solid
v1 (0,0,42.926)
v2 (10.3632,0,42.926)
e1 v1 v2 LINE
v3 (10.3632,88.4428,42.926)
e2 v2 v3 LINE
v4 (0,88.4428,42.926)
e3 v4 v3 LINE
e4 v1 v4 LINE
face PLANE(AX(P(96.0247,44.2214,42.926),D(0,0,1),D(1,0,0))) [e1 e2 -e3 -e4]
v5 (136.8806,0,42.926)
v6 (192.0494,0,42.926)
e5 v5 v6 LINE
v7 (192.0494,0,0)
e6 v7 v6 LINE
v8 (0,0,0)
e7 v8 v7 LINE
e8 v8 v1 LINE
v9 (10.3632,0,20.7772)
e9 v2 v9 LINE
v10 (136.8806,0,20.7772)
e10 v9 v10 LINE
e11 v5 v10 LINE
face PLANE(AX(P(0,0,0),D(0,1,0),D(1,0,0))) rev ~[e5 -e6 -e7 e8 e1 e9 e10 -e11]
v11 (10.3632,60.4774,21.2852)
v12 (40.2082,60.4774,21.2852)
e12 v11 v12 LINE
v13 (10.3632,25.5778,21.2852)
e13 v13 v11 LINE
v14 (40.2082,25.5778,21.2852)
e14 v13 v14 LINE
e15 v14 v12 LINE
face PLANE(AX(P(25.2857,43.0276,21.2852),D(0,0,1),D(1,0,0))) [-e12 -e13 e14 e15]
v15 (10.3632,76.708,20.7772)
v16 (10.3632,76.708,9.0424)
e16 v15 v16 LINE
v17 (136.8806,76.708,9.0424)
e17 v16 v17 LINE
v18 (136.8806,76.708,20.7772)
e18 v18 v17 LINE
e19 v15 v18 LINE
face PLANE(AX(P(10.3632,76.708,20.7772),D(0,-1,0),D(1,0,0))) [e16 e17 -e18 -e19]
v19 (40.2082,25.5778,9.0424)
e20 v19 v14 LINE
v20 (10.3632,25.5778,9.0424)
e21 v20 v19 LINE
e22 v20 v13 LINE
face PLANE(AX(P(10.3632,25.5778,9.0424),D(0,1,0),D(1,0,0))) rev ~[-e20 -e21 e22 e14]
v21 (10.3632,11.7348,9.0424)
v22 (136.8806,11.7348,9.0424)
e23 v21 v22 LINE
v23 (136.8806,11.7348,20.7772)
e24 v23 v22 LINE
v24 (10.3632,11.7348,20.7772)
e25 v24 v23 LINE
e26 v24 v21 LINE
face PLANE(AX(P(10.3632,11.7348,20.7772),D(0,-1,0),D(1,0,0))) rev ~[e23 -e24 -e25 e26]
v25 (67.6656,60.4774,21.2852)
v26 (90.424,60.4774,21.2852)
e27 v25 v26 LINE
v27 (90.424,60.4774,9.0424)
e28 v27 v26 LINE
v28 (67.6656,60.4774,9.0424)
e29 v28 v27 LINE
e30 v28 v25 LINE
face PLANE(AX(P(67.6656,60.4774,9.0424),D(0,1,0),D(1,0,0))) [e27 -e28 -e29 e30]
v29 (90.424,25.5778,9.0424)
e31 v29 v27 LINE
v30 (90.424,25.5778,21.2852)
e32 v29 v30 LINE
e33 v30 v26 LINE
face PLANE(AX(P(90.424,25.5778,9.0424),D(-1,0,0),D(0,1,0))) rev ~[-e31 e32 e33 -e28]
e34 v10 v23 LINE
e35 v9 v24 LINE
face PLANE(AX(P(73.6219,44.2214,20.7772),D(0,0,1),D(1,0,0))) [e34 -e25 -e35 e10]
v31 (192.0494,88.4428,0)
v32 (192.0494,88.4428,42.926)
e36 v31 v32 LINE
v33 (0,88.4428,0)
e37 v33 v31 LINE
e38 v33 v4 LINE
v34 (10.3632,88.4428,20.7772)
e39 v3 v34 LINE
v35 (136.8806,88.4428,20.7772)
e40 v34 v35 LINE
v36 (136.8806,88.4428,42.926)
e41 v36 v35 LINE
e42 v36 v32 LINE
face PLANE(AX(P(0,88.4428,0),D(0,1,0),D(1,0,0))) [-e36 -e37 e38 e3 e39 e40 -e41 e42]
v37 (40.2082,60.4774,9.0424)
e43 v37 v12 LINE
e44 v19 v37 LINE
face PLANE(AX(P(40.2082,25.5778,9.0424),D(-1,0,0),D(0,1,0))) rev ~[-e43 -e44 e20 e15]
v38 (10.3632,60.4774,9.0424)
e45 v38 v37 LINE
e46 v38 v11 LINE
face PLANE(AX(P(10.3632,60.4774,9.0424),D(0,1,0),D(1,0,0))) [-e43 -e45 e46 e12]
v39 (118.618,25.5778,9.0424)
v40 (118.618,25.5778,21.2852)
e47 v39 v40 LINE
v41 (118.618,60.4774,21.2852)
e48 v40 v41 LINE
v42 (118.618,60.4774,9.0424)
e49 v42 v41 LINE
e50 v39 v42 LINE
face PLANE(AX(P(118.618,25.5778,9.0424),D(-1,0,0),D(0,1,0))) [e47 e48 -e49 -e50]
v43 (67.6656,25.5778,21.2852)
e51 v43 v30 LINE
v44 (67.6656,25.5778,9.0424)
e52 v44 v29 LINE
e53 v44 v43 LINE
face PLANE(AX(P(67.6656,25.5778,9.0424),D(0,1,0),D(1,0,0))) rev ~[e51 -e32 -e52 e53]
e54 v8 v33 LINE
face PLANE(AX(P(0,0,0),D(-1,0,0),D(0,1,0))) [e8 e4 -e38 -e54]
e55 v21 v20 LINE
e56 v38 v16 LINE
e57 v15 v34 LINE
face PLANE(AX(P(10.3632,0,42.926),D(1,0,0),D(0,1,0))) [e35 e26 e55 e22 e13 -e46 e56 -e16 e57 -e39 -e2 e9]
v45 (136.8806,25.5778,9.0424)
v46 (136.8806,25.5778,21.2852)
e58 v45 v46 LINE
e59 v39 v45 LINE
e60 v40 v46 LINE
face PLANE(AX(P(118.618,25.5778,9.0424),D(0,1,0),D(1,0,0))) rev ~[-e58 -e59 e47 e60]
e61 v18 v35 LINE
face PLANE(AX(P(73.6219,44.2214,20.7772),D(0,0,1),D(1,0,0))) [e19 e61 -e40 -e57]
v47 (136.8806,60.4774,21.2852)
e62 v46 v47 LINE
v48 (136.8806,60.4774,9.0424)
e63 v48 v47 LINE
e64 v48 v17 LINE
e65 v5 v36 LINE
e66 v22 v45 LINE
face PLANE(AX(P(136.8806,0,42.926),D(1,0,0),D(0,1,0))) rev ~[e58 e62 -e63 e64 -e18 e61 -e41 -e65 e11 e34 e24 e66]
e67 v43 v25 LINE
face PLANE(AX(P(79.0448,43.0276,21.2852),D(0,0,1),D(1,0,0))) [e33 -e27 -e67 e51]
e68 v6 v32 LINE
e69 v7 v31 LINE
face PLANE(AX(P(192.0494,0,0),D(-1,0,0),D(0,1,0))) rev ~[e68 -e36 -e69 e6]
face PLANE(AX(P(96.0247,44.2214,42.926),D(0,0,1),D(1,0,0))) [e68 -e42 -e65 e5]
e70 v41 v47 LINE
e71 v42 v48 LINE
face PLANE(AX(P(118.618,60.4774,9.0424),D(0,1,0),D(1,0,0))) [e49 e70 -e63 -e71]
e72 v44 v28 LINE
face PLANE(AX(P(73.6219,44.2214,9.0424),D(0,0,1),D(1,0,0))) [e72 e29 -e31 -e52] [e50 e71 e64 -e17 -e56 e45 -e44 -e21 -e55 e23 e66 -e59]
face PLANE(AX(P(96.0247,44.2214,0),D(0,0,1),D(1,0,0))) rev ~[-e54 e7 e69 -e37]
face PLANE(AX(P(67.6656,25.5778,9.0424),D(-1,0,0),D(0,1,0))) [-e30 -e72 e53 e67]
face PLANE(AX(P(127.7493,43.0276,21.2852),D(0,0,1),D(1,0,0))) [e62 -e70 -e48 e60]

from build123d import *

# Parameters (mm, degrees)
F0_W     = 192.0494
F0_H     = 88.4428
F1_DEPTH = 42.926
F2_W     = 126.5174
F2_H     = 88.4428
F3_DEPTH = 22.1488
F4_W     = 126.5174
F4_H     = 64.9732
F5_DEPTH = 11.7348
F6_W     = 29.845
F6_H     = 34.8996
F6_W_2   = 22.7584
F6_W_3   = 18.2626
F7_DEPTH = 12.2428


with BuildPart() as f1:
    # F0 (on Top) → F1 (new body)
    with BuildSketch(Plane.XY):
        with Locations((96.0247, 44.2214)):
            Rectangle(F0_W, F0_H)
    extrude(amount=F1_DEPTH)

    # F2 (on face) → F3 (cut)
    with BuildSketch(Plane.XY.offset(42.926)):
        with Locations((73.6219, 44.2214)):
            Rectangle(F2_W, F2_H)
    extrude(amount=-F3_DEPTH, mode=Mode.SUBTRACT)

    # F4 (on face) → F5 (cut)
    with BuildSketch(Plane.XY.offset(20.7772)):
        with Locations((73.6219, 44.2214)):
            Rectangle(F4_W, F4_H)
    extrude(amount=-F5_DEPTH, mode=Mode.SUBTRACT)

    # F6 (on face) → F7 (join)
    with BuildSketch(Plane.XY.offset(9.0424)):
        with Locations((25.2857, 43.0276)):
            Rectangle(F6_W, F6_H)
        with Locations((79.0448, 43.0276)):
            Rectangle(F6_W_2, F6_H)
        with Locations((127.7493, 43.0276)):
            Rectangle(F6_W_3, F6_H)
    extrude(amount=F7_DEPTH)


solid = f1.part
